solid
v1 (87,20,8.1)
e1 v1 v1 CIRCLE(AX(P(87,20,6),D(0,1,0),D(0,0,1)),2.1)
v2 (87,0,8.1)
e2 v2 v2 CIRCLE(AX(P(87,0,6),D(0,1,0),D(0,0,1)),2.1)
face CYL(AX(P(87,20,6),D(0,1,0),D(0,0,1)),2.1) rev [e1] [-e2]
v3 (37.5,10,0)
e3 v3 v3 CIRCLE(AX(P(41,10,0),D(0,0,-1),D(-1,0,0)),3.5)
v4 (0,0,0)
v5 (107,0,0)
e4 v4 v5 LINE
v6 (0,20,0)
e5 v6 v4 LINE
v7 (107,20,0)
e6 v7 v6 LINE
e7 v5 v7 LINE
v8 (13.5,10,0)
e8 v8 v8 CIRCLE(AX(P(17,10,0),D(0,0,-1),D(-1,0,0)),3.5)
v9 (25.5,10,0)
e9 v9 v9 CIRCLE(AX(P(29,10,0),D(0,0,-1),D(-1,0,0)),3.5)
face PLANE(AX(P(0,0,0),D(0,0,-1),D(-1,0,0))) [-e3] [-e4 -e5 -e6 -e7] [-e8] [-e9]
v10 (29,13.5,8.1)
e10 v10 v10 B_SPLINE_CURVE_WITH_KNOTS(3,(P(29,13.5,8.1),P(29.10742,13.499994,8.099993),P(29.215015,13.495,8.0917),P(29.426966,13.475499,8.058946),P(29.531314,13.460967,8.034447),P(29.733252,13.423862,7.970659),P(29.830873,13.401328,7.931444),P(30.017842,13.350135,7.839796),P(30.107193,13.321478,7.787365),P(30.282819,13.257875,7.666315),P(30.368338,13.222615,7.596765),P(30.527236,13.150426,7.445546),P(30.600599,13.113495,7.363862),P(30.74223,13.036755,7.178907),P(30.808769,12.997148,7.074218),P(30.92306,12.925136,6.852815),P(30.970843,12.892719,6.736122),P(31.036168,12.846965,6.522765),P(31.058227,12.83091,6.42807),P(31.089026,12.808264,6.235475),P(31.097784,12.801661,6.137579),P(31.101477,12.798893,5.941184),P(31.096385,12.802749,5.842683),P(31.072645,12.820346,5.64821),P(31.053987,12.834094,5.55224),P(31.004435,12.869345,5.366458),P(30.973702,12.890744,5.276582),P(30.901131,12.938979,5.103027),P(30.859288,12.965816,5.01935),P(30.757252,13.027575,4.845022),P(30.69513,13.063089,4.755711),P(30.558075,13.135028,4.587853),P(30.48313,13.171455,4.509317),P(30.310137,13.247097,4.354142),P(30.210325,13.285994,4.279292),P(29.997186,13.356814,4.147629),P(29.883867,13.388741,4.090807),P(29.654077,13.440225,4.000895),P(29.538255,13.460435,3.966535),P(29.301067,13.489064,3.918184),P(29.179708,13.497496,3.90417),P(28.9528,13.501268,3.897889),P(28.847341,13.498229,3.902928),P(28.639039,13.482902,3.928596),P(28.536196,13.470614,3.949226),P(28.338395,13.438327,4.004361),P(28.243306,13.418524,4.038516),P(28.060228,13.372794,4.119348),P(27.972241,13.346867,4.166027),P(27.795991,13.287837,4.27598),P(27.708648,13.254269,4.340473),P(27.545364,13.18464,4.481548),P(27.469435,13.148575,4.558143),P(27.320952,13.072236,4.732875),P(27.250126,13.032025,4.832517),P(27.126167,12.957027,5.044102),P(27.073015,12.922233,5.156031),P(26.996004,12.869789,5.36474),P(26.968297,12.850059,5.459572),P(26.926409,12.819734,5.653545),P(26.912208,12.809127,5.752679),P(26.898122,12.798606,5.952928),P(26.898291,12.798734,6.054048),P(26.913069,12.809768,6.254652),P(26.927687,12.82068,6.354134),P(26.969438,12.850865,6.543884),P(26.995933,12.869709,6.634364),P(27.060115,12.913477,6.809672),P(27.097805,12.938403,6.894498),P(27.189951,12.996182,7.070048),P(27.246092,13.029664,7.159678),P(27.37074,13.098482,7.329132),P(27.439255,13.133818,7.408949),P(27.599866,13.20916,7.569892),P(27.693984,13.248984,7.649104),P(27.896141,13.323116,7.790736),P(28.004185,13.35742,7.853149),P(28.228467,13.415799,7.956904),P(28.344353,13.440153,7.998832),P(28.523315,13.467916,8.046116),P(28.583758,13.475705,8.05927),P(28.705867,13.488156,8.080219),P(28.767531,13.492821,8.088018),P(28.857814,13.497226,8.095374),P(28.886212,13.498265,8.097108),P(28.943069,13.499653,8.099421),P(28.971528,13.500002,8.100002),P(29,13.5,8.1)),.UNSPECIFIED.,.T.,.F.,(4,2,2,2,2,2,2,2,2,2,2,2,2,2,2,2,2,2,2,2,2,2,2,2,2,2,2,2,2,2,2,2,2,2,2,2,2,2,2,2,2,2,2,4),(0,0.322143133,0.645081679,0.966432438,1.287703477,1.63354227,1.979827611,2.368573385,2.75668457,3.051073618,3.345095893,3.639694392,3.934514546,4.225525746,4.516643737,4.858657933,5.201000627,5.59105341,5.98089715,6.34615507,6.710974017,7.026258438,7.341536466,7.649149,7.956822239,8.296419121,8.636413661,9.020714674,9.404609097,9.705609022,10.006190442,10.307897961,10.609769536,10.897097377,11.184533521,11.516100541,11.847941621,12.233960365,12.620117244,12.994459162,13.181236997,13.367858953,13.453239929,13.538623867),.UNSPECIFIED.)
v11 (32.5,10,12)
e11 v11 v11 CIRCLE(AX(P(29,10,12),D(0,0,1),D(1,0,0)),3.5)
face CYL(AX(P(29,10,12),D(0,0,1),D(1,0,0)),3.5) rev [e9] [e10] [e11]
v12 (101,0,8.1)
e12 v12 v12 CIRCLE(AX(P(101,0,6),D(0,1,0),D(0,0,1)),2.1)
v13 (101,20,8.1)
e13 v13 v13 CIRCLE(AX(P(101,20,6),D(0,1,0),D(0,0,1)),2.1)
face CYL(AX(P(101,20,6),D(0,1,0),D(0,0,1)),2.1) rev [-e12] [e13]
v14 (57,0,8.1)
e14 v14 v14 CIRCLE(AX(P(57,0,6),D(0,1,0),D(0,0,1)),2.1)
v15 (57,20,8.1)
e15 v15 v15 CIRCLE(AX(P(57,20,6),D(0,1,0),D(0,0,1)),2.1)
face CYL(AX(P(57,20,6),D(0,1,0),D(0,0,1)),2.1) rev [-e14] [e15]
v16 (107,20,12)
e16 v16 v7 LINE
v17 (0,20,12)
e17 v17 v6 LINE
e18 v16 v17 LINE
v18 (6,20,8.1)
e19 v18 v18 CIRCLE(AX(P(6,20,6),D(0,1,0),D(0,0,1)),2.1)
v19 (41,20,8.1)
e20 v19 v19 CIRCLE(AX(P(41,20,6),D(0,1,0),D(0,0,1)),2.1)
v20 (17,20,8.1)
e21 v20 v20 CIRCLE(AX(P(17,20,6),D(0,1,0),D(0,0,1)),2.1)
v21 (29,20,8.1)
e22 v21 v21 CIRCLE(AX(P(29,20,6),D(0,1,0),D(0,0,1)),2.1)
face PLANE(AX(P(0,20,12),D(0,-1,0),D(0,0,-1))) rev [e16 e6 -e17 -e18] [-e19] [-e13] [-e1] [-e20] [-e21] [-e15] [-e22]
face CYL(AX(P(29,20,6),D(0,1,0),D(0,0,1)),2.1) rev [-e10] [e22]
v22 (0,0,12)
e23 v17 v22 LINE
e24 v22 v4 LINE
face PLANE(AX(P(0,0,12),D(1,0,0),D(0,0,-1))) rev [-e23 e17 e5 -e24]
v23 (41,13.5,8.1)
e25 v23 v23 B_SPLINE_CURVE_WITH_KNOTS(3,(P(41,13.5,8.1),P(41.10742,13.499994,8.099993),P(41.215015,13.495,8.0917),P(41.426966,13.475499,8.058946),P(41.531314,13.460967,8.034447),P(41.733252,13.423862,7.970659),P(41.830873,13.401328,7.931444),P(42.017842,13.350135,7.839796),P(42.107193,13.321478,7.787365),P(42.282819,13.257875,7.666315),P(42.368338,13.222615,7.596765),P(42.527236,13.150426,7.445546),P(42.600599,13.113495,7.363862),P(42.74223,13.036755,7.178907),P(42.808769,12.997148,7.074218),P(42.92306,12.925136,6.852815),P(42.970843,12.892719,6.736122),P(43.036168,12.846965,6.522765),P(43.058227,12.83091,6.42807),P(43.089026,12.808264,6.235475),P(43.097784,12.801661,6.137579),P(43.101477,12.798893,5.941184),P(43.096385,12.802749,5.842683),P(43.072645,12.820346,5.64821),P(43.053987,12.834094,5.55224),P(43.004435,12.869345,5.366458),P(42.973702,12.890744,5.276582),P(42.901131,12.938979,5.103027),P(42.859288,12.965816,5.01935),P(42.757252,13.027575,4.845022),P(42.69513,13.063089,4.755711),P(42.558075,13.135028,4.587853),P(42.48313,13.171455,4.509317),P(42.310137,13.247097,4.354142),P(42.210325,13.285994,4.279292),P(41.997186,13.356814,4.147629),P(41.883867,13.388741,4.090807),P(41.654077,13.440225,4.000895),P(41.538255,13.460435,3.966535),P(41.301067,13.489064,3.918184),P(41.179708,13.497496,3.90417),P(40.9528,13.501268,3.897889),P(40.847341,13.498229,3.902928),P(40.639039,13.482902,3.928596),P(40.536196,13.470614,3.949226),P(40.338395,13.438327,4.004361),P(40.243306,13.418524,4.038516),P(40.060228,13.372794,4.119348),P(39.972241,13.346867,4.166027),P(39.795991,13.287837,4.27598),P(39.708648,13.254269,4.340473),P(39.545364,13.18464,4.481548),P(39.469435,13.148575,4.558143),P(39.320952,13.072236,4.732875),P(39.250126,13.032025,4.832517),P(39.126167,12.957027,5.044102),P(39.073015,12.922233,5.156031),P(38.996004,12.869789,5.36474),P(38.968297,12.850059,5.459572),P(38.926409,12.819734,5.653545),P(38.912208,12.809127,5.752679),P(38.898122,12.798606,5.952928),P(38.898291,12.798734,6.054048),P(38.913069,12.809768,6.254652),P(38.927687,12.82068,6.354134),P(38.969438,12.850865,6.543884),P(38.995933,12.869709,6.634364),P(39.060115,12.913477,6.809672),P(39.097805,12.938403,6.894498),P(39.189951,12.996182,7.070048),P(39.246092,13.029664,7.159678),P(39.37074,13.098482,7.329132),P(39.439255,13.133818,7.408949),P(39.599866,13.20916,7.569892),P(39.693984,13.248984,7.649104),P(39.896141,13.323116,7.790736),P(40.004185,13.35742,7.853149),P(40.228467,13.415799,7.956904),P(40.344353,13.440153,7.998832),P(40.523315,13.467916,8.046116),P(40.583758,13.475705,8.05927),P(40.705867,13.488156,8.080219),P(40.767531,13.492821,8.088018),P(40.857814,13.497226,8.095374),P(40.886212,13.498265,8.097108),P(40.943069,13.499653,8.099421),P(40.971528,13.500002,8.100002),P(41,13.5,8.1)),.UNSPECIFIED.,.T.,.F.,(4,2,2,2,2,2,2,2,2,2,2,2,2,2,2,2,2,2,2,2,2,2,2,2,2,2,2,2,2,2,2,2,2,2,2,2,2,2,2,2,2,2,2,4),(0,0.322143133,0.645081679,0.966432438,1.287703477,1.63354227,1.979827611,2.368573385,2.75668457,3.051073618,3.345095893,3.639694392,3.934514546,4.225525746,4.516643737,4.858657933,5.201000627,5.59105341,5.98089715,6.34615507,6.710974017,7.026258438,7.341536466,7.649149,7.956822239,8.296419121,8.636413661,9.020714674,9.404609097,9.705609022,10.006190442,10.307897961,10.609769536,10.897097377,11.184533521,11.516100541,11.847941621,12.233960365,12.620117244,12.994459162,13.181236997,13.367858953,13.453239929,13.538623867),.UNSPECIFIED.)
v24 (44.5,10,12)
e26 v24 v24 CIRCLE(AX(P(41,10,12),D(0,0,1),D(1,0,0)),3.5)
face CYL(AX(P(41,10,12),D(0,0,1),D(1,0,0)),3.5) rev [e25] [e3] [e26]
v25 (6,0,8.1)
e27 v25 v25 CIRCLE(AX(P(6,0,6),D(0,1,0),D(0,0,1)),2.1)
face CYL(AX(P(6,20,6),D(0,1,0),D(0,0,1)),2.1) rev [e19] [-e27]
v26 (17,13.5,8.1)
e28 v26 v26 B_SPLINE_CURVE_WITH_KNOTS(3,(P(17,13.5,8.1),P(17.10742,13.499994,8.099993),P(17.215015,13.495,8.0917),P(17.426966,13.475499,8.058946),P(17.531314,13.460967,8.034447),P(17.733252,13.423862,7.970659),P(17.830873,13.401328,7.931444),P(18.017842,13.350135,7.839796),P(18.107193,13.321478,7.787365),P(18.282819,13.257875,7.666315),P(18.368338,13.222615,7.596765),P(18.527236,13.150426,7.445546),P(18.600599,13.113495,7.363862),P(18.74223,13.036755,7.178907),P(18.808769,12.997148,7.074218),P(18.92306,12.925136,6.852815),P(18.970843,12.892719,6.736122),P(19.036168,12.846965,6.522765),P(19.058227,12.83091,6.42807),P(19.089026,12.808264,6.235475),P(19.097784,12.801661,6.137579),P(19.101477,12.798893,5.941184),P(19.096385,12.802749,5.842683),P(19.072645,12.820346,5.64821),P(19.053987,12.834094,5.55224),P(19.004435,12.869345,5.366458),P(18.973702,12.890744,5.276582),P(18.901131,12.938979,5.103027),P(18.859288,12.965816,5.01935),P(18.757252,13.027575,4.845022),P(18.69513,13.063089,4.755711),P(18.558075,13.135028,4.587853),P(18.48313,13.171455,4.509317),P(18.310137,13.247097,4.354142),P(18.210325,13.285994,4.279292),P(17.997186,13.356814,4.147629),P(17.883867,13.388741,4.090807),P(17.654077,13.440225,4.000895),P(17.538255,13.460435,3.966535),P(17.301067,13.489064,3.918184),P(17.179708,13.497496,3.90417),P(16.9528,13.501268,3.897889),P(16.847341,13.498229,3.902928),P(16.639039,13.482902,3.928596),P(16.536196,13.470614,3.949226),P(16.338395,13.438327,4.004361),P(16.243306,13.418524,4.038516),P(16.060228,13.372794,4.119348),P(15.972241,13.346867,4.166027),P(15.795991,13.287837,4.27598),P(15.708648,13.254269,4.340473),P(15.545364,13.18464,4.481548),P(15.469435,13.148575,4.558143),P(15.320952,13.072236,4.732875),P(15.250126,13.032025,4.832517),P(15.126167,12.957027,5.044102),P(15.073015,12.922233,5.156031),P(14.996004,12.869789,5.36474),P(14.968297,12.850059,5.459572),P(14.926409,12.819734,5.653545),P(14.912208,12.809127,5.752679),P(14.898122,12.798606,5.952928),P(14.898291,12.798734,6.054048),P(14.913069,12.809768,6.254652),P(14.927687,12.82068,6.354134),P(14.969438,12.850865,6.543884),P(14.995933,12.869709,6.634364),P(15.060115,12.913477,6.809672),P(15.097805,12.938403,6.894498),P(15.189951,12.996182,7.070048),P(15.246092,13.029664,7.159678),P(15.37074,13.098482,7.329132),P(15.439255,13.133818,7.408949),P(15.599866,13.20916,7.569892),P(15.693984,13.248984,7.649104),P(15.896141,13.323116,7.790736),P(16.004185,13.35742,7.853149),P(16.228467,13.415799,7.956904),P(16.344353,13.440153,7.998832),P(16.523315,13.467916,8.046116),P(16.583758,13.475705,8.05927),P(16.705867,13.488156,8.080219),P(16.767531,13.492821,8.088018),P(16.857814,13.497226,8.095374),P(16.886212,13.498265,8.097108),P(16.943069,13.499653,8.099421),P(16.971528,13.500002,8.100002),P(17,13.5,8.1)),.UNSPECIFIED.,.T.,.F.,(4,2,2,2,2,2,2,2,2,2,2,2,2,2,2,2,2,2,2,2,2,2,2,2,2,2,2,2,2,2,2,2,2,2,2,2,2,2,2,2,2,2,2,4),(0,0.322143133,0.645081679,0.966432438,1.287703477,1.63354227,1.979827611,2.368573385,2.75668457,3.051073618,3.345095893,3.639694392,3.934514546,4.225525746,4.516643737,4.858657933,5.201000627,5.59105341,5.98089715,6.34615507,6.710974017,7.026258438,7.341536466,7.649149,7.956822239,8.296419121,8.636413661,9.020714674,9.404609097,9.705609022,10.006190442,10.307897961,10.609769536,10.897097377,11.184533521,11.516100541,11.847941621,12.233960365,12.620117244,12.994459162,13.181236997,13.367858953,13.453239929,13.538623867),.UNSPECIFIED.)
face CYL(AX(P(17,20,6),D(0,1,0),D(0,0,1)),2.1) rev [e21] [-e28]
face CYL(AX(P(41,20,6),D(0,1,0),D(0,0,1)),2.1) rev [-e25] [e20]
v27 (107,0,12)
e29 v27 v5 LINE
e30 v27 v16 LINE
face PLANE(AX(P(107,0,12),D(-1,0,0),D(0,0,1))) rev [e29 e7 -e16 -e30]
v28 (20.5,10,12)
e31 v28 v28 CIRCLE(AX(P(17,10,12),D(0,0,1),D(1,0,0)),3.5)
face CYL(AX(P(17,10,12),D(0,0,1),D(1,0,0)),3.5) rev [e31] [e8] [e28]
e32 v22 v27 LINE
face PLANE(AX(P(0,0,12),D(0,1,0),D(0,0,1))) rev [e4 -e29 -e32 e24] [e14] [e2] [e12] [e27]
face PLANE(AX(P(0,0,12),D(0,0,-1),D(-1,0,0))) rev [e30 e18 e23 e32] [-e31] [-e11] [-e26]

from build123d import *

# Parameters (mm, degrees)
SKIZZE1_W                       = 107
SKIZZE1_H                       = 20
AUFSATZ_LINEAR_AUSTRAGEN1_DEPTH = 12
F_7_0_7_DURCHMESSER_BOHRUNG1_D  = 7
M5_GEWINDEBOHRUNG1_D            = 4.2
M5_GEWINDEBOHRUNG2_D            = 4.2
M5_GEWINDEBOHRUNG2_DEPTH        = 10
M5_GEWINDEBOHRUNG2_TIP          = 1.2618073


with BuildPart() as part:
    # Skizze1 → Aufsatz-Linear austragen1 (new body)
    with BuildSketch(Plane.XY):
        with Locations((53.5, 10)):
            Rectangle(SKIZZE1_W, SKIZZE1_H)
    extrude(amount=AUFSATZ_LINEAR_AUSTRAGEN1_DEPTH)

    # Ø7.0 (7) Durchmesser Bohrung1 (through all)
    with Locations(Plane.XY.offset(12)):
        with Locations((17, 10), (29, 10), (41, 10)):
            Hole(F_7_0_7_DURCHMESSER_BOHRUNG1_D / 2)

    # M5 Gewindebohrung1 (through all)
    with Locations(Plane(origin=(0, 20, 0), x_dir=(1, 0, 0), z_dir=(0, 1, 0))):
        with Locations((6, -6), (101, -6), (87, -6), (57, -6)):
            Hole(M5_GEWINDEBOHRUNG1_D / 2)

    # M5 Gewindebohrung2
    with Locations(Plane(origin=(0, 20, 0), x_dir=(1, 0, 0), z_dir=(0, 1, 0))):
        with Locations((17, -6), (29, -6), (41, -6)):
            Hole(M5_GEWINDEBOHRUNG2_D / 2, depth=M5_GEWINDEBOHRUNG2_DEPTH)
            with Locations((0, 0, -(M5_GEWINDEBOHRUNG2_DEPTH + M5_GEWINDEBOHRUNG2_TIP / 2))):  # 118° drill point
                Cone(0, M5_GEWINDEBOHRUNG2_D / 2, M5_GEWINDEBOHRUNG2_TIP, mode=Mode.SUBTRACT)


solid = part.part
